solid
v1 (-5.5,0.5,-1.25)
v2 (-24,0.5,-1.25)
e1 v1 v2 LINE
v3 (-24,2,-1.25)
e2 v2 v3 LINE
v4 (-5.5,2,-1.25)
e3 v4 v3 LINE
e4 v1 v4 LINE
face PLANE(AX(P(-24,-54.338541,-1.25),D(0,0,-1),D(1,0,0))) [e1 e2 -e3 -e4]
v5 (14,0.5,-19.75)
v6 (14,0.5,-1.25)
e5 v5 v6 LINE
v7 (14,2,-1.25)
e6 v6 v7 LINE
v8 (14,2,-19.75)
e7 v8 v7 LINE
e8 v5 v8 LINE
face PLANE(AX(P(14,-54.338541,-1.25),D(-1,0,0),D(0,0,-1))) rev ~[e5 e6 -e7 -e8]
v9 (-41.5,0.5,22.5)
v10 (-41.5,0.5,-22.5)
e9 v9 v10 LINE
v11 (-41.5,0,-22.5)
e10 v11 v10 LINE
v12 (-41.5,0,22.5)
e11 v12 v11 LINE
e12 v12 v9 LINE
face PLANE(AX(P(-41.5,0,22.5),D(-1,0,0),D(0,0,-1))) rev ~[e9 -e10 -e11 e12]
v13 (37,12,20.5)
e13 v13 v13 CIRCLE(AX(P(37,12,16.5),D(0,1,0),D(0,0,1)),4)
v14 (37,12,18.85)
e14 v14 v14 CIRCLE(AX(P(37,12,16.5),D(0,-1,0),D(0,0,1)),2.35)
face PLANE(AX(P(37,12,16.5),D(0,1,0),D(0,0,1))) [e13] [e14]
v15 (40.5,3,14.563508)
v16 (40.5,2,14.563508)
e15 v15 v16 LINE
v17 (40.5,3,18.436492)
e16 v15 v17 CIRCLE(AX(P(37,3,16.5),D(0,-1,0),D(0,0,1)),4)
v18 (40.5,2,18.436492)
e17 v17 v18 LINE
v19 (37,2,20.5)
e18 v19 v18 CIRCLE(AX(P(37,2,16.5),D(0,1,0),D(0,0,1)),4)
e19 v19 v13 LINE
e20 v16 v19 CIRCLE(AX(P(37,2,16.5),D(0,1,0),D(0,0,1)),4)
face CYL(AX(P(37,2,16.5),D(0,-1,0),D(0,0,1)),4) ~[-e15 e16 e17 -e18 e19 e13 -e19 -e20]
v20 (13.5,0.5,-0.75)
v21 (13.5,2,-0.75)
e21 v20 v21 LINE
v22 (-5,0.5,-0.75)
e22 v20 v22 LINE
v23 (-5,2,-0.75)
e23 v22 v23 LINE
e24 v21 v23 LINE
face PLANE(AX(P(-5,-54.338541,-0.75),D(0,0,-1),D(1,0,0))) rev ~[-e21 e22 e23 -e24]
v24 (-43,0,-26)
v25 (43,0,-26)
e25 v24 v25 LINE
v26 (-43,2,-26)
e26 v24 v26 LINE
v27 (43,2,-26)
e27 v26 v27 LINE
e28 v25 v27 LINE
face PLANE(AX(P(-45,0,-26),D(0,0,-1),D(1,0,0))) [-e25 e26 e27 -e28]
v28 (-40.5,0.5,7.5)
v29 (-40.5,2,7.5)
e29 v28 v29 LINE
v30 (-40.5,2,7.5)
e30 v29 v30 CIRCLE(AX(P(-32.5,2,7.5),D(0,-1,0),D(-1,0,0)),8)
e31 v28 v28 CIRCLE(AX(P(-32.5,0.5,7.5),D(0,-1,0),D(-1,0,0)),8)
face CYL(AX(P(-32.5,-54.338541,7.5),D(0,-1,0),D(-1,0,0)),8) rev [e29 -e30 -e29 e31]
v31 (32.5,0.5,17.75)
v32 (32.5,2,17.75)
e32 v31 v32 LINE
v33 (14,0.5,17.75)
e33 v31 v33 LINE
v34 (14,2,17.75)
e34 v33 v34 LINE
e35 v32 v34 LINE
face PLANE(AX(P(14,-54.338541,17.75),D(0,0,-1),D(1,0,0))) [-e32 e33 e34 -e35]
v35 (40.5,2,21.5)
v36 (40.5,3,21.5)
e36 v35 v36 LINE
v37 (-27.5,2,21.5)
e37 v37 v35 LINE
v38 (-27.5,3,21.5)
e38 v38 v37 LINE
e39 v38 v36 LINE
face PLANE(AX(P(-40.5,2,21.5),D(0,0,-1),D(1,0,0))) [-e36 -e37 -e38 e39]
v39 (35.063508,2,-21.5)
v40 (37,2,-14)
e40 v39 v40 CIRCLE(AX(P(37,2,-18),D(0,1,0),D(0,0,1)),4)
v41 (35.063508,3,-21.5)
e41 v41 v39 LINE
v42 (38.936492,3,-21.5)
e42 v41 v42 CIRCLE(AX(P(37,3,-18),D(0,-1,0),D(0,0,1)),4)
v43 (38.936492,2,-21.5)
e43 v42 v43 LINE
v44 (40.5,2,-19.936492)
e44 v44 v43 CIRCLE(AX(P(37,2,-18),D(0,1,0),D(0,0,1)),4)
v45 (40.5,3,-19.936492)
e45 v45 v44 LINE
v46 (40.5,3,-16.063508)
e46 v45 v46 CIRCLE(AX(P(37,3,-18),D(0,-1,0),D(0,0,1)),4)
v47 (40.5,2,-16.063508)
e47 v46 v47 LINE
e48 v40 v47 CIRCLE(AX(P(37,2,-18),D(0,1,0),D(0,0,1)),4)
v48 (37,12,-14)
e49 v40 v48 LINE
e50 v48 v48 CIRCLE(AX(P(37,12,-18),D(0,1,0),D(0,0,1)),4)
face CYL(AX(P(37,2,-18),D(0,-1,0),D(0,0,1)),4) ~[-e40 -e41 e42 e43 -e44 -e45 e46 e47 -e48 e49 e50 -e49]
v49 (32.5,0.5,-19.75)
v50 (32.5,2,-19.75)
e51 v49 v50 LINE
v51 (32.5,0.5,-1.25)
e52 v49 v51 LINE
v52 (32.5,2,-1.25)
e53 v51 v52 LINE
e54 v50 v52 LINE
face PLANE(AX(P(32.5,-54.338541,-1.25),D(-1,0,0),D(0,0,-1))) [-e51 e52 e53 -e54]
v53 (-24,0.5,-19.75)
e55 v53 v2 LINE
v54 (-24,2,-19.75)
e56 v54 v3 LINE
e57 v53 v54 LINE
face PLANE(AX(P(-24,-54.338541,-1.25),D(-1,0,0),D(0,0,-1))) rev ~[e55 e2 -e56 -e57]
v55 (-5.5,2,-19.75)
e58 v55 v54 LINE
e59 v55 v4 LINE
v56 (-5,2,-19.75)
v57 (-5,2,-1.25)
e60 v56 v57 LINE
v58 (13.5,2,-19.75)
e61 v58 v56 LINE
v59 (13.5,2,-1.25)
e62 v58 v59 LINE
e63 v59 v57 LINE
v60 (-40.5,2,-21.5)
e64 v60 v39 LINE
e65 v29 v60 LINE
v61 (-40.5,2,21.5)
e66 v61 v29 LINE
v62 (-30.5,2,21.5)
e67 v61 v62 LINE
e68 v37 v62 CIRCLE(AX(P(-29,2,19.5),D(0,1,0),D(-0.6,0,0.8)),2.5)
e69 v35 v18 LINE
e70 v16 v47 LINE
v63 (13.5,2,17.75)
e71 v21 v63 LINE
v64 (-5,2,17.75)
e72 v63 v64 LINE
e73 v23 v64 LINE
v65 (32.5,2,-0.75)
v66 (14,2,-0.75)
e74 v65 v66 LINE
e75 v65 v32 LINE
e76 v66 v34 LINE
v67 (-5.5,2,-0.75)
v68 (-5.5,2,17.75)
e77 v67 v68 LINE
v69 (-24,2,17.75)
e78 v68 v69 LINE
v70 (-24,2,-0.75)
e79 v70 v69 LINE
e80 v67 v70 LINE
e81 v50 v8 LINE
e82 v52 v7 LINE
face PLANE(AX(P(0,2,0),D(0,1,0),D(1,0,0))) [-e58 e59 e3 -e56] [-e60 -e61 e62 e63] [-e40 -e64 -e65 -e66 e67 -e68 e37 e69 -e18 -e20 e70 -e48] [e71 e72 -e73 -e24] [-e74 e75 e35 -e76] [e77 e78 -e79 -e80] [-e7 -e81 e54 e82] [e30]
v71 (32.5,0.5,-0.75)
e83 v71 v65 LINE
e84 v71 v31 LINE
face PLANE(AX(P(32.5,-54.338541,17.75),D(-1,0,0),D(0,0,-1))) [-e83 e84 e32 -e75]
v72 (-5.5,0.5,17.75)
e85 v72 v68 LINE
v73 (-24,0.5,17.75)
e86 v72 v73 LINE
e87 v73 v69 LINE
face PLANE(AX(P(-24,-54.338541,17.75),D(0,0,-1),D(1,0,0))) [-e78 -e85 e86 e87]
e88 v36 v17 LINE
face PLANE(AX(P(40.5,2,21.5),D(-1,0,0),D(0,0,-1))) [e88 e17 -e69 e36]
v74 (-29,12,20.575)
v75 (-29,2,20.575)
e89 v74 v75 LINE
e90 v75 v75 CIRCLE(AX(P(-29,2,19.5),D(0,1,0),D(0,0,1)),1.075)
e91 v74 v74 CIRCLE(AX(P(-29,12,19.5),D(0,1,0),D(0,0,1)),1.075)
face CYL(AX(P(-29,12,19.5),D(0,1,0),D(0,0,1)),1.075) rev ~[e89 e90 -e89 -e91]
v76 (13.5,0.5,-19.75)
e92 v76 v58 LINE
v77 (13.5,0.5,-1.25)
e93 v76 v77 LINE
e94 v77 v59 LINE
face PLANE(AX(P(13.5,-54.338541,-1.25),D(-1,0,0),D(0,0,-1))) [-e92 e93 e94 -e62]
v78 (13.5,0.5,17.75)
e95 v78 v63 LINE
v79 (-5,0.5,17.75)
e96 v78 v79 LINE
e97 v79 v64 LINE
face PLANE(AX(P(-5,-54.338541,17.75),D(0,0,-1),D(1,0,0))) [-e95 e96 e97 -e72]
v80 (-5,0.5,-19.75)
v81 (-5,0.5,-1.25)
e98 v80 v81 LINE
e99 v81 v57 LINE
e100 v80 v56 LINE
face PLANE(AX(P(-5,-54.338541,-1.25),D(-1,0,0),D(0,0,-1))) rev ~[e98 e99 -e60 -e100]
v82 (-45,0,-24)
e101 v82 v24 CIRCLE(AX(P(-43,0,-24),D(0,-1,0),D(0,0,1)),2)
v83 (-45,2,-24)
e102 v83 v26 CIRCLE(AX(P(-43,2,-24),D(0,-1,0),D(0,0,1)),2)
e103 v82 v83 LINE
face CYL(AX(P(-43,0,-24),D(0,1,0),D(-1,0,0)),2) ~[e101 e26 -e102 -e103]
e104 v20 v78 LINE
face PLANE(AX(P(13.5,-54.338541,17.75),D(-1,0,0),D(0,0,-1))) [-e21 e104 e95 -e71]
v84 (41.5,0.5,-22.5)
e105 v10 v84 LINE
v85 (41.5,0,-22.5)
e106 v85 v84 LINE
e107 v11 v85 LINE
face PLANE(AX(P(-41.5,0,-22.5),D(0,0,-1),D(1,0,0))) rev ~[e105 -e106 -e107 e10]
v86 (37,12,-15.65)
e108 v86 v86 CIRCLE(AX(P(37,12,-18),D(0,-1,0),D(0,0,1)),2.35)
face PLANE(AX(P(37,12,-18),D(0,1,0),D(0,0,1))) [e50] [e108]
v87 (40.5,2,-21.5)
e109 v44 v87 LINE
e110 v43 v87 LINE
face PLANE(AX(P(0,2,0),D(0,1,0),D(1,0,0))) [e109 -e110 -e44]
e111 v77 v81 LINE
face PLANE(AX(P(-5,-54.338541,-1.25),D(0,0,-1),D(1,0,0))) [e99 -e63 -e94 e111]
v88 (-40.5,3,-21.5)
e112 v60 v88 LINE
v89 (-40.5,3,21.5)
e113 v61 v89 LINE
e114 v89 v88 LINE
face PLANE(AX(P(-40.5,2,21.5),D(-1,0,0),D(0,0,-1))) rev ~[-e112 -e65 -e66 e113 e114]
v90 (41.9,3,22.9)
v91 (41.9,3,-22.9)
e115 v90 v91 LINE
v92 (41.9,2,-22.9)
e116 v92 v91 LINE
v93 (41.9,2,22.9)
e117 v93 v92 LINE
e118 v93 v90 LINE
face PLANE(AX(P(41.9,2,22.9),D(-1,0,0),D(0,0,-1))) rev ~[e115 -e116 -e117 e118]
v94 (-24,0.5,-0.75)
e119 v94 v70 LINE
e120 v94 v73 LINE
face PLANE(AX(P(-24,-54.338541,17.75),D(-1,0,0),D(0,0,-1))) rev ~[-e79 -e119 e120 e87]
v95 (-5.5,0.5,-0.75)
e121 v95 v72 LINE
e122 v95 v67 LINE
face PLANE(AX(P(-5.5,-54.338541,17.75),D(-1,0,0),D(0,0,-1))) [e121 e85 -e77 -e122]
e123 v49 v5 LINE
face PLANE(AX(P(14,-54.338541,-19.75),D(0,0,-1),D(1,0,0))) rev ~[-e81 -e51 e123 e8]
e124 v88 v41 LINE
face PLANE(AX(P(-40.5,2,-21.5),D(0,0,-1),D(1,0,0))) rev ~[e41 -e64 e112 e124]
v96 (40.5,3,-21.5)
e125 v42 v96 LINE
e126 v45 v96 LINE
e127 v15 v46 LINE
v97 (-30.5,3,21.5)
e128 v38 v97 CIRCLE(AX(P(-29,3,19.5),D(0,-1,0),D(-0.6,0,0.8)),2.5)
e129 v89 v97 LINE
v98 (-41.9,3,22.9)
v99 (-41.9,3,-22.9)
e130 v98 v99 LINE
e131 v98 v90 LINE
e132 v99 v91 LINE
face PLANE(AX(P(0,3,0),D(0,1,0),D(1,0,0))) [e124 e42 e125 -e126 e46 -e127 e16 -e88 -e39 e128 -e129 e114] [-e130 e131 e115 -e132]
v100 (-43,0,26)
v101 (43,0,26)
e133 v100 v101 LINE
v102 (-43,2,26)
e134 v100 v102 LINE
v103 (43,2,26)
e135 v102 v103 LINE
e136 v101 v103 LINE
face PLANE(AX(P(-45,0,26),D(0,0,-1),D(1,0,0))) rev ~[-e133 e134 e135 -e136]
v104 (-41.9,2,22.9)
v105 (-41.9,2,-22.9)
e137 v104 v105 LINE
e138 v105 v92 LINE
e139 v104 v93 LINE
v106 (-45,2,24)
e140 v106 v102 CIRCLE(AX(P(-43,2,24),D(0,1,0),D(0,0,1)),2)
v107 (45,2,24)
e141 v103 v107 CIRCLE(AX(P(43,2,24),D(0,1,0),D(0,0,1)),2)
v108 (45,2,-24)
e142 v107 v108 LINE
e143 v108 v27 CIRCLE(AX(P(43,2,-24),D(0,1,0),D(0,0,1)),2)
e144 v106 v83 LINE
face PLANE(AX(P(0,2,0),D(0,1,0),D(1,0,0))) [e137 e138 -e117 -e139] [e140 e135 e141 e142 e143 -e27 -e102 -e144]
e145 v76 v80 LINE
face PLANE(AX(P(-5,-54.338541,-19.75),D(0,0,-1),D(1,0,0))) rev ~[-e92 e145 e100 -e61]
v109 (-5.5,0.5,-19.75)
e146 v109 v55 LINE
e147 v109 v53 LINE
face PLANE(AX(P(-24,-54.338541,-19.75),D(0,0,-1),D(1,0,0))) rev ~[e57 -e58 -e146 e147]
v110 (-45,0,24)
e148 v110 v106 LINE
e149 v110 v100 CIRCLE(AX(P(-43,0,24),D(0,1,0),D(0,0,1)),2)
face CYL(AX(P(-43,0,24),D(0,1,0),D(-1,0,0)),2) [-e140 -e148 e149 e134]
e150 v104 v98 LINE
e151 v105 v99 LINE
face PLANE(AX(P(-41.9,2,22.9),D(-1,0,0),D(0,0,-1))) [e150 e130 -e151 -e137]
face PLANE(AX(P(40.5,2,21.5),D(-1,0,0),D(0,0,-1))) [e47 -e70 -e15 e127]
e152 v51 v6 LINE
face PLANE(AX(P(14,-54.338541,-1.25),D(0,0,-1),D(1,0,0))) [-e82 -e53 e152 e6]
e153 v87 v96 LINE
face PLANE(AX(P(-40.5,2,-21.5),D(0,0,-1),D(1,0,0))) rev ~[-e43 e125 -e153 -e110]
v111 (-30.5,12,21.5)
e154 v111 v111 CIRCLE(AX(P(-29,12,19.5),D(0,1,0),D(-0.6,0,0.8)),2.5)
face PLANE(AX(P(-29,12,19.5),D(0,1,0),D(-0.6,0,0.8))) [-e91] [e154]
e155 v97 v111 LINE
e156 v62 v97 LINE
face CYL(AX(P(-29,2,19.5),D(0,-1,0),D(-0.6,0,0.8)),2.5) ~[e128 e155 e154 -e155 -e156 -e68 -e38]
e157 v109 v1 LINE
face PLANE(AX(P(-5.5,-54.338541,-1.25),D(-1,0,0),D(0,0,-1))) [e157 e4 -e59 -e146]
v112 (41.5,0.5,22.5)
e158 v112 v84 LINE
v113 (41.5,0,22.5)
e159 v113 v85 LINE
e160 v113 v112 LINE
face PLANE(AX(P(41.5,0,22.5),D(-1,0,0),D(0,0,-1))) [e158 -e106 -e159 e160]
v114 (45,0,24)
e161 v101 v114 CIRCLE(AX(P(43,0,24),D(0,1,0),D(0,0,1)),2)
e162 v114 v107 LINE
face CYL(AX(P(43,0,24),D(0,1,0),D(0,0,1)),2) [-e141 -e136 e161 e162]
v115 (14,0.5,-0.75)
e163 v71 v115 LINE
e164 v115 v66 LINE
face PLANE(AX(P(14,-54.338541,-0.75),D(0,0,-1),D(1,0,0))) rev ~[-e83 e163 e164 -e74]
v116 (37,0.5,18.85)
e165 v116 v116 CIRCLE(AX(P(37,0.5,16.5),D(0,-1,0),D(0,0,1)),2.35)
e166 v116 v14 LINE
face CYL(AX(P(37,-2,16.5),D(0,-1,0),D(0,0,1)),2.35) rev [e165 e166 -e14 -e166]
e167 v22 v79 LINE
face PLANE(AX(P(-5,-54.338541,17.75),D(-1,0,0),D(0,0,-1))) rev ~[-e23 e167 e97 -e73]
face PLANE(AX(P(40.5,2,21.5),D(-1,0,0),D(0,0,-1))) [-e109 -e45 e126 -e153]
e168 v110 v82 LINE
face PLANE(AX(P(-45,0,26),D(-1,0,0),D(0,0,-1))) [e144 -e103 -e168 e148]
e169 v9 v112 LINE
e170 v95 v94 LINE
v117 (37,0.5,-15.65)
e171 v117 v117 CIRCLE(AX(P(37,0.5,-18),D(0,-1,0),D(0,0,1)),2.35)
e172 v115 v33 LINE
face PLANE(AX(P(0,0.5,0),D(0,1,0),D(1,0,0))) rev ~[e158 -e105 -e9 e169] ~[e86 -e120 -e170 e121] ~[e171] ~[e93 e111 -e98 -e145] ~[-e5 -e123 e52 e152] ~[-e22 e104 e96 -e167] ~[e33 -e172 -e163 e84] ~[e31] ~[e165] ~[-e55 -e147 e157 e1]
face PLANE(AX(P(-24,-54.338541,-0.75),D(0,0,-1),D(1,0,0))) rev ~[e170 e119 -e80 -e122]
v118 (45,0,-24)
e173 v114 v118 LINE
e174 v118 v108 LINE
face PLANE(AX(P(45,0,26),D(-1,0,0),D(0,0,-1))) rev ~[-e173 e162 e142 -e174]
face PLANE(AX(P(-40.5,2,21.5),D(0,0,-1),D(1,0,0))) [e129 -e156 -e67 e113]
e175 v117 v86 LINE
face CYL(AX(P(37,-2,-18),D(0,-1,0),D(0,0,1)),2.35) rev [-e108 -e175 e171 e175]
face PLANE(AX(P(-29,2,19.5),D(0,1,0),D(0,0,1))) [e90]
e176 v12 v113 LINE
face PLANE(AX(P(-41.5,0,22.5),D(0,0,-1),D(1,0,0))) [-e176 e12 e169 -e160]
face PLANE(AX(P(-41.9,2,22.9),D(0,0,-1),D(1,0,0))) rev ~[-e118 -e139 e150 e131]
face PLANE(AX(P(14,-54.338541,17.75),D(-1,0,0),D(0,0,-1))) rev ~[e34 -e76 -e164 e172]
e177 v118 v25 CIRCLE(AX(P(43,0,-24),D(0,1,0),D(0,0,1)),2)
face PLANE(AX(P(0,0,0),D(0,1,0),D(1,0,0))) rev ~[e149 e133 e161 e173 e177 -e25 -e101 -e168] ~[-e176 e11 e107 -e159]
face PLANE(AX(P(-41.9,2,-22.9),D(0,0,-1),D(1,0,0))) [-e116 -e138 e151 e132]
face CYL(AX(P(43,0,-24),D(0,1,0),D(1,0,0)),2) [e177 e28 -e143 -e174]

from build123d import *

# Parameters (mm, degrees)
SKETCH3_W               = 90
SKETCH3_H               = 52
BOSS_EXTRUDE2_DEPTH     = 2
FILLET2_R               = 2
BOSS_EXTRUDE3_START     = 2
SKETCH7_R               = 4
BOSS_EXTRUDE3_DEPTH     = 10
CUT_EXTRUDE2_DEPTH      = 54.338541412
CUT_EXTRUDE2_DEPTH_BACK = 4
CUT_EXTRUDE2_START      = 2
SKETCH8_R               = 2.35
BOSS_EXTRUDE4_START     = 2
SKETCH10_W              = 83.8
SKETCH10_H              = 45.8
SKETCH10_W_2            = 81
SKETCH10_H_2            = 43
BOSS_EXTRUDE4_DEPTH     = 1
BOSS_EXTRUDE5_START     = 2
SKETCH11_R              = 2.5
BOSS_EXTRUDE5_DEPTH     = 10
CUT_EXTRUDE3_START      = 12
SKETCH12_R              = 1.075
CUT_EXTRUDE3_DEPTH      = 10
SKETCH4_W               = 83
SKETCH4_H               = 45
CUT_EXTRUDE4_DEPTH      = 0.5
CUT_EXTRUDE5_DEPTH      = 54.338541412
CUT_EXTRUDE5_DEPTH_BACK = 54.338541412
SKETCH5_R               = 8
SKETCH5_W               = 18.5
SKETCH5_H               = 18.5


with BuildPart() as part:
    # Sketch3 → Boss-Extrude2 (new body)
    with BuildSketch(Plane(origin=(0, 0, 0), x_dir=(1, 0, 0), z_dir=(0, 1, 0))):
        Rectangle(SKETCH3_W, SKETCH3_H)
    extrude(amount=BOSS_EXTRUDE2_DEPTH)

    # Fillet2
    fillet2_edges = [part.edges().sort_by_distance(p)[0] for p in [
        (-45, 1, -26),
        (45, 1, -26),
        (45, 1, 26),
        (-45, 1, 26),
    ]]
    fillet(fillet2_edges, radius=FILLET2_R)

    # Sketch7 → Boss-Extrude3 (add)
    with BuildSketch(Plane(origin=(0, 0, 0), x_dir=(1, 0, 0), z_dir=(0, 1, 0)).offset(BOSS_EXTRUDE3_START)):
        with Locations(Location((37, 18, 0), (0, 0, 270))):
            Circle(SKETCH7_R)
        with Locations(Location((37, -16.5, 0), (0, 0, 270))):
            Circle(SKETCH7_R)
    extrude(amount=BOSS_EXTRUDE3_DEPTH)

    # Sketch8 → Cut-Extrude2 (cut, two sides: drawn at the far end of the back side and taken through both)
    with BuildSketch(Plane(origin=(0, 0, 0), x_dir=(1, 0, 0), z_dir=(0, 1, 0)).offset(CUT_EXTRUDE2_START - CUT_EXTRUDE2_DEPTH_BACK)):
        with Locations(Location((37, 18, 0), (0, 0, 270))):
            Circle(SKETCH8_R)
        with Locations(Location((37, -16.5, 0), (0, 0, 270))):
            Circle(SKETCH8_R)
    extrude(amount=CUT_EXTRUDE2_DEPTH + CUT_EXTRUDE2_DEPTH_BACK, mode=Mode.SUBTRACT)

    # Sketch10 → Boss-Extrude4 (add)
    with BuildSketch(Plane(origin=(0, 0, 0), x_dir=(1, 0, 0), z_dir=(0, 1, 0)).offset(BOSS_EXTRUDE4_START)):
        Rectangle(SKETCH10_W, SKETCH10_H)
        Rectangle(SKETCH10_W_2, SKETCH10_H_2, mode=Mode.SUBTRACT)
    extrude(amount=BOSS_EXTRUDE4_DEPTH)

    # Sketch11 → Boss-Extrude5 (add)
    with BuildSketch(Plane(origin=(0, 0, 0), x_dir=(1, 0, 0), z_dir=(0, 1, 0)).offset(BOSS_EXTRUDE5_START)):
        with Locations(Location((-29, -19.5, 0), (0, 0, 233.130102354))):
            Circle(SKETCH11_R)
    extrude(amount=BOSS_EXTRUDE5_DEPTH)

    # Sketch12 → Cut-Extrude3 (cut)
    with BuildSketch(Plane(origin=(0, 0, 0), x_dir=(1, 0, 0), z_dir=(0, 1, 0)).offset(CUT_EXTRUDE3_START)):
        with Locations(Location((-29, -19.5, 0), (0, 0, 270))):
            Circle(SKETCH12_R)
    extrude(amount=-CUT_EXTRUDE3_DEPTH, mode=Mode.SUBTRACT)

    # Sketch4 → Cut-Extrude4 (cut)
    with BuildSketch(Plane(origin=(0, 0, 0), x_dir=(1, 0, 0), z_dir=(0, 1, 0))):
        Rectangle(SKETCH4_W, SKETCH4_H)
    extrude(amount=CUT_EXTRUDE4_DEPTH, mode=Mode.SUBTRACT)

    # Sketch5 → Cut-Extrude5 (cut, two sides: drawn at the far end of the back side and taken through both)
    with BuildSketch(Plane(origin=(0, 0, 0), x_dir=(1, 0, 0), z_dir=(0, 1, 0)).offset(-CUT_EXTRUDE5_DEPTH_BACK)):
        with Locations(Location((-32.5, -7.5, 0), (0, 0, 180))):
            Circle(SKETCH5_R)
        with Locations((-14.75, 10.5)):
            Rectangle(SKETCH5_W, SKETCH5_H)
        with Locations((23.25, 10.5)):
            Rectangle(SKETCH5_W, SKETCH5_H)
        with Locations((-14.75, -8.5)):
            Rectangle(SKETCH5_W, SKETCH5_H)
        with Locations((23.25, -8.5)):
            Rectangle(SKETCH5_W, SKETCH5_H)
        with Locations((4.25, 10.5)):
            Rectangle(SKETCH5_W, SKETCH5_H)
        with Locations((4.25, -8.5)):
            Rectangle(SKETCH5_W, SKETCH5_H)
    extrude(amount=CUT_EXTRUDE5_DEPTH + CUT_EXTRUDE5_DEPTH_BACK, mode=Mode.SUBTRACT)


solid = part.part
